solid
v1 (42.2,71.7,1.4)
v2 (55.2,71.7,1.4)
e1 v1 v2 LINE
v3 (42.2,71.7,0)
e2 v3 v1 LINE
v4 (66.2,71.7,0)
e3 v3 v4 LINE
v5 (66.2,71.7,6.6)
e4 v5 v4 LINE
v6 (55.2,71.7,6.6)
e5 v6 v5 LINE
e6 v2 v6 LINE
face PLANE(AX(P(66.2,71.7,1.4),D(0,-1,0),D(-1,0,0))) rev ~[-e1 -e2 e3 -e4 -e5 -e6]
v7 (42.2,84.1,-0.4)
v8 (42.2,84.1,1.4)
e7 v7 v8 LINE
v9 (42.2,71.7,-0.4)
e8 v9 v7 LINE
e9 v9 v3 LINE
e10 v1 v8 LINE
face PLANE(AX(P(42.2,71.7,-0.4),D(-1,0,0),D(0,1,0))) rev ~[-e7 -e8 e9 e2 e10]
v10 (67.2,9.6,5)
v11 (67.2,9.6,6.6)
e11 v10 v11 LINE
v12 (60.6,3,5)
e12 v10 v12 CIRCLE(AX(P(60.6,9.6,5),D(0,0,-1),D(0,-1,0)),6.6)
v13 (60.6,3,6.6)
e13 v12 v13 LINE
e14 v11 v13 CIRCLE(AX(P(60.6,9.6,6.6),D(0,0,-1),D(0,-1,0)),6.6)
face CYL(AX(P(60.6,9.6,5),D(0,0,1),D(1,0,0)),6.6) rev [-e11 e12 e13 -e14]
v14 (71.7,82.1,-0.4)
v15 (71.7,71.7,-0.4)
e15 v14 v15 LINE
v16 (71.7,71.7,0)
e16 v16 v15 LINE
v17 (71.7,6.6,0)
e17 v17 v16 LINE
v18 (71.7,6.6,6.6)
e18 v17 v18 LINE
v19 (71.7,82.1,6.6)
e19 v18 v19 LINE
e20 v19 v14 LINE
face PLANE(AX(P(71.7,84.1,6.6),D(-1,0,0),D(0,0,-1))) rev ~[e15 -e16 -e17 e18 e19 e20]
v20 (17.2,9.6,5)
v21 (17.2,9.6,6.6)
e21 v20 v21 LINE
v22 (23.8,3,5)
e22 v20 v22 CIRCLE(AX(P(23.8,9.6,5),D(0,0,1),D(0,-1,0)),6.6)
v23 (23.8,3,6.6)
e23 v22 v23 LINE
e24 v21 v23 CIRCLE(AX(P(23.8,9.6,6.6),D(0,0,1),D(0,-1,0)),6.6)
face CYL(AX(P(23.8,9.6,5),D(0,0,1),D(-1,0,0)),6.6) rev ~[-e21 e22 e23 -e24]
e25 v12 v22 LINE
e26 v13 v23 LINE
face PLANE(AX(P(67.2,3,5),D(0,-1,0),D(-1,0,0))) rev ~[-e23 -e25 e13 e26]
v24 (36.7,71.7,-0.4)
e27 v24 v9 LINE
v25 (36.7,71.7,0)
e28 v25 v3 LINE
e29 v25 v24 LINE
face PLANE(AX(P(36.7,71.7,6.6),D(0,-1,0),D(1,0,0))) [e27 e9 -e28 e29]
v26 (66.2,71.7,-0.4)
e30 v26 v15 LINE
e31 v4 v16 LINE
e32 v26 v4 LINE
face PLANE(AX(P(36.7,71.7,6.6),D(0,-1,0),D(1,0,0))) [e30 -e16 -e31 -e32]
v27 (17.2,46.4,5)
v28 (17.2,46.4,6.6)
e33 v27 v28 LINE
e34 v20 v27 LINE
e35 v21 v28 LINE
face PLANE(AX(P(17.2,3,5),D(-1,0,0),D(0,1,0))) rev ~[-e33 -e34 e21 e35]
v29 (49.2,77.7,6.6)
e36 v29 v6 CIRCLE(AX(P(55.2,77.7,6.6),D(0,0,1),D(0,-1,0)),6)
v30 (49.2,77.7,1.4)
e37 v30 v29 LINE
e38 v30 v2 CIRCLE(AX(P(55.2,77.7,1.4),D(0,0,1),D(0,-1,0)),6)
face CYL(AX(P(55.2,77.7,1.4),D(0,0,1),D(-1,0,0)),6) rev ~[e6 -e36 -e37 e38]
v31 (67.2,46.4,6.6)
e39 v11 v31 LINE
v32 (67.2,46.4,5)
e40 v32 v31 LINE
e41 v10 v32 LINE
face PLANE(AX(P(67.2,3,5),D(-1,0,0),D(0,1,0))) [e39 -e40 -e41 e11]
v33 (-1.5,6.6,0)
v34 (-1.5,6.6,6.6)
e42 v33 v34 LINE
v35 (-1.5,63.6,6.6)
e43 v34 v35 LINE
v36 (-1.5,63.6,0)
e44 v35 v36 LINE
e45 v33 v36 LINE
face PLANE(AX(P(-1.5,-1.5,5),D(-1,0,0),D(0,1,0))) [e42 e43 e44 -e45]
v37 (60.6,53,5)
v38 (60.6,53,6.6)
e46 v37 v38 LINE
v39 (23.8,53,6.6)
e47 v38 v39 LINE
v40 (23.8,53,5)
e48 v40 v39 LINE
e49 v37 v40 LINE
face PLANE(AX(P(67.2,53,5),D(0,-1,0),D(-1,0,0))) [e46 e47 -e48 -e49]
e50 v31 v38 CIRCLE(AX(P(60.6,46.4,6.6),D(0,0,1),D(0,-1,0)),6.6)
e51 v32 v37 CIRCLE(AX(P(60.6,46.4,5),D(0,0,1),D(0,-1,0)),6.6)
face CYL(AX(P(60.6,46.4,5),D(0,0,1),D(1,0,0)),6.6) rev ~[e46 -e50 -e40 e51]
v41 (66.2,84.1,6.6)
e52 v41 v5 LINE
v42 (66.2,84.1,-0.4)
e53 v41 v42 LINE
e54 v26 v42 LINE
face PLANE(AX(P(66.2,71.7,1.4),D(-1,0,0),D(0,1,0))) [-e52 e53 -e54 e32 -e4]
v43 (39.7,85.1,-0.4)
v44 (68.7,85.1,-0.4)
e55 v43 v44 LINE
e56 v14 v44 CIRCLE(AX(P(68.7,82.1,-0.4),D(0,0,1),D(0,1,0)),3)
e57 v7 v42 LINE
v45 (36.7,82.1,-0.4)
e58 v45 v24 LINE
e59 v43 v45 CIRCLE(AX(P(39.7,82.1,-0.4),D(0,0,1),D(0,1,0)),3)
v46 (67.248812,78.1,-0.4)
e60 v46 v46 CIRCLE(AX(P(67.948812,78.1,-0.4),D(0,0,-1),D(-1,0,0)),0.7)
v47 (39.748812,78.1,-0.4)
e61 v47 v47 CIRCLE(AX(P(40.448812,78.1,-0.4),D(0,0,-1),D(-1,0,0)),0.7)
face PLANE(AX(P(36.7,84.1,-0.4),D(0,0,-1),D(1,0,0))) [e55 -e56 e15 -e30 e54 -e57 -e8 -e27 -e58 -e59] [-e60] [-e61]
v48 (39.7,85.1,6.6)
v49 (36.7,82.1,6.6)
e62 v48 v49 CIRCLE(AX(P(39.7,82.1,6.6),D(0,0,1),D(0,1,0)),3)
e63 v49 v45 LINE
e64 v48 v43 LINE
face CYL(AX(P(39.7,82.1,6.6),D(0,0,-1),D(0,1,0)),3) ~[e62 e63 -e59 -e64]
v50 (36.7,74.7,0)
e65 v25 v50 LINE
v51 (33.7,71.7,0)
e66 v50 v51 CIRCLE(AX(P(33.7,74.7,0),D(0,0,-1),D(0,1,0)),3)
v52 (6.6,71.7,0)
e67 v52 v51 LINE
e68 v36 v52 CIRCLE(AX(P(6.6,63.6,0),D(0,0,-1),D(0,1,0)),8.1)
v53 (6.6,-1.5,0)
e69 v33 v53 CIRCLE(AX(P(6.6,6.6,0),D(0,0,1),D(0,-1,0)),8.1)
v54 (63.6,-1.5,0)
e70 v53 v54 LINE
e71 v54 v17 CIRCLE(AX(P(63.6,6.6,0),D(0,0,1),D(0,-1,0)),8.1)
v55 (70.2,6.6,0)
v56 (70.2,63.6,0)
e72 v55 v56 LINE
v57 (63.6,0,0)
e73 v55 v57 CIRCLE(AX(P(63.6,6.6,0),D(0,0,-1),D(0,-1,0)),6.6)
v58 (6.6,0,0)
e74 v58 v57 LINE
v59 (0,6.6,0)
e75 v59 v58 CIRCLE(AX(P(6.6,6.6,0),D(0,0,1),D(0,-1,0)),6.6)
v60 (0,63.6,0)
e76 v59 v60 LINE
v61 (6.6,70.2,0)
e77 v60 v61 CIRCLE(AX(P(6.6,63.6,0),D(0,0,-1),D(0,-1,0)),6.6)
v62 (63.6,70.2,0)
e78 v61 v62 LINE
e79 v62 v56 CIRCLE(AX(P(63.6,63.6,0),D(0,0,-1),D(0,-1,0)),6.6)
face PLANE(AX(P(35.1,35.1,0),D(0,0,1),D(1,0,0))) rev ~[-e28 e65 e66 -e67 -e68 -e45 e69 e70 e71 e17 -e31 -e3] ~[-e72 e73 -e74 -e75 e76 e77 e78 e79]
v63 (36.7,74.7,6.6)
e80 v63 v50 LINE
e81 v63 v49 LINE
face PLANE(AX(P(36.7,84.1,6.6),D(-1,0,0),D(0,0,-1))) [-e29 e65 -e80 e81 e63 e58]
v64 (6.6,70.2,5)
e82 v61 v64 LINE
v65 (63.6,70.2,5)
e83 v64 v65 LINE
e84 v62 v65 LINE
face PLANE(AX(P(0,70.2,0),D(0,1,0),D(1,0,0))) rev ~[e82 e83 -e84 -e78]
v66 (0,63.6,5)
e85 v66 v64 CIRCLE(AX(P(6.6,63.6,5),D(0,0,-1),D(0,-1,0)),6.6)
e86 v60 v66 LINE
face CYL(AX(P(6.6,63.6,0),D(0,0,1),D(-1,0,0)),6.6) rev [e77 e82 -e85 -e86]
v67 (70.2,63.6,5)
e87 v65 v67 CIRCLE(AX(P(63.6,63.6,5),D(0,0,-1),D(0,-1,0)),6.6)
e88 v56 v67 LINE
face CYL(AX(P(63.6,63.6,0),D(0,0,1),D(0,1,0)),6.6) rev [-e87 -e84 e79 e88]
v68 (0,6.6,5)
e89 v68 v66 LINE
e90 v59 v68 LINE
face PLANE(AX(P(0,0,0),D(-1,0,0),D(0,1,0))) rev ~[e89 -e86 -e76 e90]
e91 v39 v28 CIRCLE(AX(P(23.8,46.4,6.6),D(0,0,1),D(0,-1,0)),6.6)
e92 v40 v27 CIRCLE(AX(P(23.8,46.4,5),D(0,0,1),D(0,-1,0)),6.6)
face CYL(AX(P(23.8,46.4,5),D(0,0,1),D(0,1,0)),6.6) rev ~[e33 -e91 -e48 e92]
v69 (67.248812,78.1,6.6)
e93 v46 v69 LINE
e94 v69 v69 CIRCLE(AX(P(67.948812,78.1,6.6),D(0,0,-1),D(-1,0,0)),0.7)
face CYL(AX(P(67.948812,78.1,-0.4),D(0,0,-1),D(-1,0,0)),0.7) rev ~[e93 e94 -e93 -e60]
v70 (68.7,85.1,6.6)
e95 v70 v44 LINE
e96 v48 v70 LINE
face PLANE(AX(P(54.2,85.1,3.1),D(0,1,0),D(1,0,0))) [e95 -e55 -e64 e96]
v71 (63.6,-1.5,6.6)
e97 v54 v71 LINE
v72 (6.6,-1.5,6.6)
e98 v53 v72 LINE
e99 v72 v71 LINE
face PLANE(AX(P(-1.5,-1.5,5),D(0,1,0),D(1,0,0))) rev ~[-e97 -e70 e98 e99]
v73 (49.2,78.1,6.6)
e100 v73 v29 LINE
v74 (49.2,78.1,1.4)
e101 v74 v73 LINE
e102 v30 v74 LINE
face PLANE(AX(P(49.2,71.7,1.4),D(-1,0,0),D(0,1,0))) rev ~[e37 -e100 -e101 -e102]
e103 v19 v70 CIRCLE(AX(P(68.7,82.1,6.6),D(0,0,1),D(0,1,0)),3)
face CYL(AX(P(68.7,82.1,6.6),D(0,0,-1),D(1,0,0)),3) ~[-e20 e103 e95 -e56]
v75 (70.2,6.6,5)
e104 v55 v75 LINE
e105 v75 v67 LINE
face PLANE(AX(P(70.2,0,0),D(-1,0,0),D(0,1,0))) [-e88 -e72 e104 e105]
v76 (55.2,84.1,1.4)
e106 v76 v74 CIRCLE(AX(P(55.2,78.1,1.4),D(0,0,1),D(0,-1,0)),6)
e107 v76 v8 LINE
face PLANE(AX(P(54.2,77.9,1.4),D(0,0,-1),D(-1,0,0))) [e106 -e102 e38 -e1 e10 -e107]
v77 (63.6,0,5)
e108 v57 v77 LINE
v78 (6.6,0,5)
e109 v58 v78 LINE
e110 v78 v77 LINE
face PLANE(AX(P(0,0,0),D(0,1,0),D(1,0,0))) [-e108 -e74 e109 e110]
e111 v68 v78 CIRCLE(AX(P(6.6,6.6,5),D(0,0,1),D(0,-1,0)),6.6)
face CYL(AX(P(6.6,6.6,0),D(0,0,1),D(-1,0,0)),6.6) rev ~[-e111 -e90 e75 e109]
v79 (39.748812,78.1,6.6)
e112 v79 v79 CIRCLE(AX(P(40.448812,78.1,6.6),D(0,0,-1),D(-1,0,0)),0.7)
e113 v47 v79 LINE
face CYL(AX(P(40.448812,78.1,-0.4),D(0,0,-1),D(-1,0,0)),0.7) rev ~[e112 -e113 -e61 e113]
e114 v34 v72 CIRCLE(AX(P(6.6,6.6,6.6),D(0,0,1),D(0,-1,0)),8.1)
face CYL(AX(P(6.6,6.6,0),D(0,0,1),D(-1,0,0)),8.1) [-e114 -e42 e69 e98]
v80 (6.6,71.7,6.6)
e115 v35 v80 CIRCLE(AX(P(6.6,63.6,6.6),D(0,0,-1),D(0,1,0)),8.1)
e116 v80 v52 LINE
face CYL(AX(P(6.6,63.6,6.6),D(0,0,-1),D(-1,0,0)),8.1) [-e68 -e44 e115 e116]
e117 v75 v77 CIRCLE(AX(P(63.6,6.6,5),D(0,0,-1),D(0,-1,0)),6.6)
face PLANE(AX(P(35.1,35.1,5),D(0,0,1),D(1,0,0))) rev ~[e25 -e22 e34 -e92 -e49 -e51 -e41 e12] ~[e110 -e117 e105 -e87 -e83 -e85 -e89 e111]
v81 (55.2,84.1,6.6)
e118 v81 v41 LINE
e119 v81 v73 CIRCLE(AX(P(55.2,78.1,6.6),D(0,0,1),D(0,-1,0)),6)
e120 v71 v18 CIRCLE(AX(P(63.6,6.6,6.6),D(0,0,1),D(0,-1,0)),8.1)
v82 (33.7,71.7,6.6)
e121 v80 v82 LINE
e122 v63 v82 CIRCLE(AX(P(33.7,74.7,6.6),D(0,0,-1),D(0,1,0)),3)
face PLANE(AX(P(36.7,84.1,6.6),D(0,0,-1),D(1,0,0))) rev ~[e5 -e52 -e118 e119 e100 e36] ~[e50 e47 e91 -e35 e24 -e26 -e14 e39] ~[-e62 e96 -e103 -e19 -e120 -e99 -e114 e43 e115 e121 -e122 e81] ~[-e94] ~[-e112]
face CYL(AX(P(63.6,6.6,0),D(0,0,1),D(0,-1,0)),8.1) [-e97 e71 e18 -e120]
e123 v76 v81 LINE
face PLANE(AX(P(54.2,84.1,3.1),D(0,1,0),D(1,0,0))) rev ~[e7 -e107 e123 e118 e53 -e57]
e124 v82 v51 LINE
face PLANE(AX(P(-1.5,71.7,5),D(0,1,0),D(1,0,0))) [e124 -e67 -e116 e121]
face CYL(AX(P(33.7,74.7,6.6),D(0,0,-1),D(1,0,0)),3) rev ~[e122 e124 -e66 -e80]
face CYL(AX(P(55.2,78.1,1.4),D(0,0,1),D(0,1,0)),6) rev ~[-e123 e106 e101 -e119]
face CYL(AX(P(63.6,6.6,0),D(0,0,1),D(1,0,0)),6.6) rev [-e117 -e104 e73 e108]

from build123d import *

# Parameters (mm, degrees)
SKETCH1_W           = 73.2
SKETCH1_H           = 73.2
SKETCH1_W_2         = 70.2
SKETCH1_H_2         = 70.2
BOSS_EXTRUDE1_DEPTH = 5
SKETCH2_W           = 73.2
SKETCH2_H           = 73.2
BOSS_EXTRUDE2_DEPTH = 1.6
FILLET1_R           = 6.6
SKETCH3_W           = 50
SKETCH3_H           = 50
CUT_EXTRUDE1_DEPTH  = 1.6
FILLET2_R           = 6.6
SKETCH5_W           = 35
SKETCH5_H           = 12.4
BOSS_EXTRUDE3_DEPTH = 7
SKETCH6_W           = 24
SKETCH6_H           = 12.4
CUT_EXTRUDE2_DEPTH  = 1.8
SKETCH7_W           = 17
SKETCH7_H           = 12.4
CUT_EXTRUDE3_DEPTH  = 10.8
SKETCH8_W           = 35
SKETCH8_H           = 7
BOSS_EXTRUDE4_DEPTH = 1
FILLET3_R           = 8.1
FILLET4_R           = 3
FILLET5_R           = 6
SKETCH9_R           = 0.7
CUT_EXTRUDE4_DEPTH  = 10


with BuildPart() as part:
    # Sketch1 → Boss-Extrude1 (new body)
    with BuildSketch(Plane.XY):
        with Locations((35.1, 35.1)):
            Rectangle(SKETCH1_W, SKETCH1_H)
        with Locations((35.1, 35.1)):
            Rectangle(SKETCH1_W_2, SKETCH1_H_2, mode=Mode.SUBTRACT)
    extrude(amount=BOSS_EXTRUDE1_DEPTH)

    # Sketch2 → Boss-Extrude2 (add)
    with BuildSketch(Plane.XY.offset(5)):
        with Locations((35.1, 35.1)):
            Rectangle(SKETCH2_W, SKETCH2_H)
    extrude(amount=BOSS_EXTRUDE2_DEPTH)

    # Fillet1
    fillet1_edges = [part.edges().sort_by_distance(p)[0] for p in [
        (0, 70.2, 2.5),
        (0, 0, 2.5),
        (70.2, 0, 2.5),
        (70.2, 70.2, 2.5),
    ]]
    fillet(fillet1_edges, radius=FILLET1_R)

    # Sketch3 → Cut-Extrude1 (cut)
    with BuildSketch(Plane(origin=(0, 0, 5), x_dir=(-1, 0, 0), z_dir=(0, 0, -1))):
        with Locations((-42.2, 28)):
            Rectangle(SKETCH3_W, SKETCH3_H)
    extrude(amount=-CUT_EXTRUDE1_DEPTH, mode=Mode.SUBTRACT)

    # Fillet2
    fillet2_edges = [part.edges().sort_by_distance(p)[0] for p in [
        (67.2, 3, 5.8),
        (67.2, 53, 5.8),
        (17.2, 53, 5.8),
        (17.2, 3, 5.8),
    ]]
    fillet(fillet2_edges, radius=FILLET2_R)

    # Sketch5 → Boss-Extrude3 (add)
    with BuildSketch(Plane.XY.offset(6.6)):
        with Locations((54.2, 77.9)):
            Rectangle(SKETCH5_W, SKETCH5_H)
    extrude(amount=-BOSS_EXTRUDE3_DEPTH)

    # Sketch6 → Cut-Extrude2 (cut)
    with BuildSketch(Plane(origin=(0, 0, -0.4), x_dir=(-1, 0, 0), z_dir=(0, 0, -1))):
        with Locations((-54.2, 77.9)):
            Rectangle(SKETCH6_W, SKETCH6_H)
    extrude(amount=-CUT_EXTRUDE2_DEPTH, mode=Mode.SUBTRACT)

    # Sketch7 → Cut-Extrude3 (cut)
    with BuildSketch(Plane(origin=(0, 0, 1.4), x_dir=(-1, 0, 0), z_dir=(0, 0, -1))):
        with Locations((-57.7, 77.9)):
            Rectangle(SKETCH7_W, SKETCH7_H)
    extrude(amount=-CUT_EXTRUDE3_DEPTH, mode=Mode.SUBTRACT)

    # Sketch8 → Boss-Extrude4 (add)
    with BuildSketch(Plane(origin=(0, 84.1, 0), x_dir=(1, 0, 0), z_dir=(0, 1, 0))):
        with Locations((54.2, -3.1)):
            Rectangle(SKETCH8_W, SKETCH8_H)
    extrude(amount=BOSS_EXTRUDE4_DEPTH)

    # Fillet3
    fillet3_edges = [part.edges().sort_by_distance(p)[0] for p in [
        (71.7, -1.5, 3.3),
        (-1.5, -1.5, 3.3),
        (-1.5, 71.7, 3.3),
    ]]
    fillet(fillet3_edges, radius=FILLET3_R)

    # Fillet4
    fillet4_edges = [part.edges().sort_by_distance(p)[0] for p in [
        (71.7, 85.1, 3.1),
        (36.7, 85.1, 3.1),
        (36.7, 71.7, 3.3),
    ]]
    fillet(fillet4_edges, radius=FILLET4_R)

    # Fillet5
    fillet5_edges = [part.edges().sort_by_distance(p)[0] for p in [
        (49.2, 84.1, 4),
        (49.2, 71.7, 4),
    ]]
    fillet(fillet5_edges, radius=FILLET5_R)

    # Sketch9 → Cut-Extrude4 (cut)
    with BuildSketch(Plane(origin=(0, 0, -0.4), x_dir=(-1, 0, 0), z_dir=(0, 0, -1))):
        with Locations((-40.448812376, 78.1)):
            Circle(SKETCH9_R)
        with Locations((-67.948812376, 78.1)):
            Circle(SKETCH9_R)
    extrude(amount=-CUT_EXTRUDE4_DEPTH, mode=Mode.SUBTRACT)


solid = part.part
